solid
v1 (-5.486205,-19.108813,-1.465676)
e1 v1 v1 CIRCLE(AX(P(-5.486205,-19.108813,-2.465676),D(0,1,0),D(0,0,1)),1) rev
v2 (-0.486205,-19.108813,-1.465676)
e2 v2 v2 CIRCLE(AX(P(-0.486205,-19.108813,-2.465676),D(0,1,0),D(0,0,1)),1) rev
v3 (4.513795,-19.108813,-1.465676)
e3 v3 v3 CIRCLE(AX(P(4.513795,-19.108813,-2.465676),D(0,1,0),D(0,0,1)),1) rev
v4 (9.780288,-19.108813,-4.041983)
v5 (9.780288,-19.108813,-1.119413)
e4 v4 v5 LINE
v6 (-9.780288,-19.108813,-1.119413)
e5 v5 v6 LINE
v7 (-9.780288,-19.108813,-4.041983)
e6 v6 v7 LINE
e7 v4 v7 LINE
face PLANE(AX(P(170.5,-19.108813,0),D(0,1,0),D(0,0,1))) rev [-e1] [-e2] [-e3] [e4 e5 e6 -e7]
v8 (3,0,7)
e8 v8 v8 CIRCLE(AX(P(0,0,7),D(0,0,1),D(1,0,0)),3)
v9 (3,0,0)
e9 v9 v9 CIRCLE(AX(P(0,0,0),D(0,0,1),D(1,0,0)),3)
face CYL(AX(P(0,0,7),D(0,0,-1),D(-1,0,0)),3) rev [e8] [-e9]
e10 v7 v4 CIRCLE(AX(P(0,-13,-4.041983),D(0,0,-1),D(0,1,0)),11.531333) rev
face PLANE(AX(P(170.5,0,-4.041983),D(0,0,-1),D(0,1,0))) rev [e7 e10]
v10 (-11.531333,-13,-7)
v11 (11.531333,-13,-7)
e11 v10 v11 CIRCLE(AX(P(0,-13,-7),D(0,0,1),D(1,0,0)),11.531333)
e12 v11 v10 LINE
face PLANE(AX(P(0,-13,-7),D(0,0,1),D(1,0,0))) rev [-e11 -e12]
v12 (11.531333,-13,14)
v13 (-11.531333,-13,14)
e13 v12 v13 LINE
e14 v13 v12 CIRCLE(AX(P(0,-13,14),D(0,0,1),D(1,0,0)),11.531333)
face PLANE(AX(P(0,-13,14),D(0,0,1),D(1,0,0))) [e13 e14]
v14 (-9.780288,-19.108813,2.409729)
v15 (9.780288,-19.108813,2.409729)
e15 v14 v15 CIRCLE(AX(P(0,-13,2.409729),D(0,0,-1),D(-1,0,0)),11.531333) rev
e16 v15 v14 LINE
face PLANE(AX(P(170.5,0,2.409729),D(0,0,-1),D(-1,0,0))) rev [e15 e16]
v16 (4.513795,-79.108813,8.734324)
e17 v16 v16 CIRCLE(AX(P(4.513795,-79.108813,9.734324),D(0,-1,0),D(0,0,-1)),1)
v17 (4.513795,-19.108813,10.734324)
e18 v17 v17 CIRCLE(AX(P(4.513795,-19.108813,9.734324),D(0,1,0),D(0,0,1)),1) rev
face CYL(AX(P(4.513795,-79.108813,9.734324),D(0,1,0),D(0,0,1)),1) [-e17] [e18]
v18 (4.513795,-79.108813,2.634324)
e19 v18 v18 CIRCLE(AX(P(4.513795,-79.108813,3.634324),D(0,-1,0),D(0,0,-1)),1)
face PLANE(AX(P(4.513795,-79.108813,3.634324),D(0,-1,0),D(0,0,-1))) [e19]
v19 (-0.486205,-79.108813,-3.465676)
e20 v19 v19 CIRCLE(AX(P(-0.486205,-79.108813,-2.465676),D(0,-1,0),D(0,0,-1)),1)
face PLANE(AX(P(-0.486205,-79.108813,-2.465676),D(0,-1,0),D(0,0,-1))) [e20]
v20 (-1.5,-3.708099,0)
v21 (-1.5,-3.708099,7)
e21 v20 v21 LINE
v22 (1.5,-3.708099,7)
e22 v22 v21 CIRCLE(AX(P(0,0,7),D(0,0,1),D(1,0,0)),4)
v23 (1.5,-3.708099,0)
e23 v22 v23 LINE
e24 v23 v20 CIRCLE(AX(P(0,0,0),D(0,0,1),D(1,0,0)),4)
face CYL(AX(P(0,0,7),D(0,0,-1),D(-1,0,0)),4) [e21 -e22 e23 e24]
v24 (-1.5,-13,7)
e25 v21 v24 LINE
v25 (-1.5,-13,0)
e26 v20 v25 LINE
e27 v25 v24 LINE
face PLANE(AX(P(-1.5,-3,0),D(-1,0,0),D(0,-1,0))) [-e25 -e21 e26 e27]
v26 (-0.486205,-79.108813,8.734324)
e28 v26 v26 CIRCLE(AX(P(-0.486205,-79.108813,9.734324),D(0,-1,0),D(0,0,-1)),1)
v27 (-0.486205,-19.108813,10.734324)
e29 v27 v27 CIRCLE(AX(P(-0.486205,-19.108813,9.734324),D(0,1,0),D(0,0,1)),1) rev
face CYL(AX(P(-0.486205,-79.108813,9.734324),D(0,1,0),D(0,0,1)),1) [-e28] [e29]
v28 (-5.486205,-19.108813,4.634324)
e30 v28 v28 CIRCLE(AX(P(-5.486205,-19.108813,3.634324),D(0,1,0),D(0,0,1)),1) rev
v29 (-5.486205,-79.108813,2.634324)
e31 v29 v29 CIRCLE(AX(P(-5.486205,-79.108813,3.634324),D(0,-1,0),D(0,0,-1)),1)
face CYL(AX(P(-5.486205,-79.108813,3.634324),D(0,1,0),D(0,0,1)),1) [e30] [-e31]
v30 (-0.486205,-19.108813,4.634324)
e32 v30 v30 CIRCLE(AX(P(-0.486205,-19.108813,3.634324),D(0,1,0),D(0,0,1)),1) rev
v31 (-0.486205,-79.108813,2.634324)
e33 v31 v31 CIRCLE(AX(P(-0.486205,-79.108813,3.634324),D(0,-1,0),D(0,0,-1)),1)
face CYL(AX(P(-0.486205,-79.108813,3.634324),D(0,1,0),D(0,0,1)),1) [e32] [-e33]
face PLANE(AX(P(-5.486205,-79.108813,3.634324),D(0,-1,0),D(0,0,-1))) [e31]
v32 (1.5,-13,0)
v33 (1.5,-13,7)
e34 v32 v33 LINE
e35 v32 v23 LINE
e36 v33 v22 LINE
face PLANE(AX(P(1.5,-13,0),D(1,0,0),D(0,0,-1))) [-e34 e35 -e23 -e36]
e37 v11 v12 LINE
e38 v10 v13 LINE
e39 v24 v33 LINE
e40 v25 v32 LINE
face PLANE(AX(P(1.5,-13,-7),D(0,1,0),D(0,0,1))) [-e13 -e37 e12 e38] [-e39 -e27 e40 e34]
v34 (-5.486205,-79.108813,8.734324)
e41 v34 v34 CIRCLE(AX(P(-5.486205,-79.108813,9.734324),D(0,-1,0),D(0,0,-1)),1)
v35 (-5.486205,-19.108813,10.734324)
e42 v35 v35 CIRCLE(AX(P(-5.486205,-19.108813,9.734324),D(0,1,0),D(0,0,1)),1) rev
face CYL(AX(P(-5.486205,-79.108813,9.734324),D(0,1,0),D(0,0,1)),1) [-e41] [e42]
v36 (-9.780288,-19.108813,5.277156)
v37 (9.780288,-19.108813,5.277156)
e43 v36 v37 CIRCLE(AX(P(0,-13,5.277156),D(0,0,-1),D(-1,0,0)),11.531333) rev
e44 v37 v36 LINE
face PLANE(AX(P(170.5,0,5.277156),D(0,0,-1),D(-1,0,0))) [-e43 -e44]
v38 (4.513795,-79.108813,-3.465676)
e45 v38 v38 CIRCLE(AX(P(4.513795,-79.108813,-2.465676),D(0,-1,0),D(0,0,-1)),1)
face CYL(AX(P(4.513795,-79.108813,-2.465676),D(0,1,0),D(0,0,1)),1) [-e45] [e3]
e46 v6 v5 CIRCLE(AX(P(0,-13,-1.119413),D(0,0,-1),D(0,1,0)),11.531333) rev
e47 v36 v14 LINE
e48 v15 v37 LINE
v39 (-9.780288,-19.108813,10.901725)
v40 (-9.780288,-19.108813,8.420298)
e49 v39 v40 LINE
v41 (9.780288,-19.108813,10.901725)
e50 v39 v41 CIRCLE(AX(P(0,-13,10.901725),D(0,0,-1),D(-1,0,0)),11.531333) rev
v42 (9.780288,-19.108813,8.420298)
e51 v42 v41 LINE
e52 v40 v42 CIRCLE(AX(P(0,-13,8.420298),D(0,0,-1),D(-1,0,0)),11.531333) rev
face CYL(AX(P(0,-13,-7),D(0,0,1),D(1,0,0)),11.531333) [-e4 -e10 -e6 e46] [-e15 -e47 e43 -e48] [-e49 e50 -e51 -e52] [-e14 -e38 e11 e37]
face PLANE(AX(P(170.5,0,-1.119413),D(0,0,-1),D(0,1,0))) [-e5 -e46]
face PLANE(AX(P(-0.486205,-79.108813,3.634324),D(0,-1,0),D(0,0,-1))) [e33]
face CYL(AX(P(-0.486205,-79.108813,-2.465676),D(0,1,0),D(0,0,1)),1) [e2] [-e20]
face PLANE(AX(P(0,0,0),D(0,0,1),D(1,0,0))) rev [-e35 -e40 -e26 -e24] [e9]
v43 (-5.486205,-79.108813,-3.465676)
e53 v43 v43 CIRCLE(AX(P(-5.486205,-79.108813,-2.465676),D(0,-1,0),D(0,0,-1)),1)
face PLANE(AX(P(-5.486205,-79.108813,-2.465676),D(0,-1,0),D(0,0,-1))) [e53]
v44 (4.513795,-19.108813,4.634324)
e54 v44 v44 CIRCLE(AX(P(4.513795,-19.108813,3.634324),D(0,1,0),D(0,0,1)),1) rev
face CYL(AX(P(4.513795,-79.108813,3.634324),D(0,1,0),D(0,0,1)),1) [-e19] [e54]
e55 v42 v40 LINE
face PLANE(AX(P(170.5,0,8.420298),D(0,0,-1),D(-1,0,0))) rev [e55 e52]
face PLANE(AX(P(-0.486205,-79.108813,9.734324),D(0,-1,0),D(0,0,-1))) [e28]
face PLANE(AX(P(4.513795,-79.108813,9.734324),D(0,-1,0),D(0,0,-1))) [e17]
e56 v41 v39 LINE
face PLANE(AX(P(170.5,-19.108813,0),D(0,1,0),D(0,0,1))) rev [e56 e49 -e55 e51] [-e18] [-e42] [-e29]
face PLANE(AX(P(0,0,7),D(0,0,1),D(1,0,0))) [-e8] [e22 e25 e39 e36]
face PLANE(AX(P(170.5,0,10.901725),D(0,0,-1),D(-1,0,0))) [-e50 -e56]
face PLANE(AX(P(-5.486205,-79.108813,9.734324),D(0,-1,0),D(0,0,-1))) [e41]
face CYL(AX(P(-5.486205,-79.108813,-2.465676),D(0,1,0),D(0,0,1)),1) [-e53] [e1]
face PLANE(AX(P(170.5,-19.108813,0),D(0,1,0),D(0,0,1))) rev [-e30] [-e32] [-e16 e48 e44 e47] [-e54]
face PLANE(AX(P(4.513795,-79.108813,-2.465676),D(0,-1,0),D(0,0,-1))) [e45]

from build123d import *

# Parameters (mm, degrees)
SKETCH2_R                = 4
SKETCH2_R_2              = 3
BOSS_EXTRUDE1_DEPTH      = 7
BOSS_EXTRUDE2_DEPTH      = 7
BOSS_EXTRUDE3_DEPTH      = 7
BOSS_EXTRUDE3_DEPTH_BACK = 14
CUT_EXTRUDE2_DEPTH       = 169
CUT_EXTRUDE2_DEPTH_BACK  = 169
SKETCH5_W                = 2.481427535
SKETCH5_H                = 11.249138159
SKETCH5_W_2              = 2.867427374
SKETCH5_W_3              = 2.922570208
SKETCH6_R                = 1
BOSS_EXTRUDE5_DEPTH      = 60


with BuildPart() as part:
    # Sketch2 → Boss-Extrude1 (new body)
    with BuildSketch(Plane.XY):
        Circle(SKETCH2_R)
        Circle(SKETCH2_R_2, mode=Mode.SUBTRACT)
    extrude(amount=BOSS_EXTRUDE1_DEPTH)

    # Sketch3 → Boss-Extrude2 (add)
    with BuildSketch(Plane.XY.offset(7)):
        Polygon((0, -3), (-1.5, -3), (-1.5, -13), (1.5, -13), (1.5, -3), align=None)
    extrude(amount=-BOSS_EXTRUDE2_DEPTH)

    # Sketch4 → Boss-Extrude3 (add, two sides: drawn at the far end of the back side and taken through both)
    with BuildSketch(Plane.XY.offset(7).offset(-BOSS_EXTRUDE3_DEPTH_BACK)):
        with BuildLine():
            Line((1.5, -13), (11.531332628, -13))
            ThreePointArc((11.531332628, -13), (0, -24.531332628), (-11.531332628, -13))
            Line((-11.531332628, -13), (-1.5, -13))
            Line((-1.5, -13), (1.5, -13))
        make_face()
    extrude(amount=BOSS_EXTRUDE3_DEPTH + BOSS_EXTRUDE3_DEPTH_BACK)

    # Sketch5 → Cut-Extrude2 (cut, two sides: drawn at the far end of the back side and taken through both)
    with BuildSketch(Plane(origin=(1.5, 0, 0), x_dir=(0, 0, -1), z_dir=(1, 0, 0)).offset(-CUT_EXTRUDE2_DEPTH_BACK)):
        with Locations((-9.661011409, -24.733382447)):
            Rectangle(SKETCH5_W, SKETCH5_H)
        with Locations((-3.84344241, -24.733382447)):
            Rectangle(SKETCH5_W_2, SKETCH5_H)
        with Locations((2.580697764, -24.733382447)):
            Rectangle(SKETCH5_W_3, SKETCH5_H)
    extrude(amount=CUT_EXTRUDE2_DEPTH + CUT_EXTRUDE2_DEPTH_BACK, mode=Mode.SUBTRACT)

    # Sketch6 → Boss-Extrude5 (add)
    with BuildSketch(Plane.XZ.offset(19.108813367)):
        with Locations((-5.486205248, 9.734324146)):
            Circle(SKETCH6_R)
        with Locations((-0.486205248, 9.734324146)):
            Circle(SKETCH6_R)
        with Locations((4.513794752, 9.734324146)):
            Circle(SKETCH6_R)
        with Locations((-0.486205248, 3.634324146)):
            Circle(SKETCH6_R)
        with Locations((4.513794752, 3.634324146)):
            Circle(SKETCH6_R)
        with Locations((-0.486205248, -2.465675854)):
            Circle(SKETCH6_R)
        with Locations((4.513794752, -2.465675854)):
            Circle(SKETCH6_R)
        with Locations((-5.486205248, 3.634324146)):
            Circle(SKETCH6_R)
        with Locations((-5.486205248, -2.465675854)):
            Circle(SKETCH6_R)
    extrude(amount=BOSS_EXTRUDE5_DEPTH)


solid = part.part
